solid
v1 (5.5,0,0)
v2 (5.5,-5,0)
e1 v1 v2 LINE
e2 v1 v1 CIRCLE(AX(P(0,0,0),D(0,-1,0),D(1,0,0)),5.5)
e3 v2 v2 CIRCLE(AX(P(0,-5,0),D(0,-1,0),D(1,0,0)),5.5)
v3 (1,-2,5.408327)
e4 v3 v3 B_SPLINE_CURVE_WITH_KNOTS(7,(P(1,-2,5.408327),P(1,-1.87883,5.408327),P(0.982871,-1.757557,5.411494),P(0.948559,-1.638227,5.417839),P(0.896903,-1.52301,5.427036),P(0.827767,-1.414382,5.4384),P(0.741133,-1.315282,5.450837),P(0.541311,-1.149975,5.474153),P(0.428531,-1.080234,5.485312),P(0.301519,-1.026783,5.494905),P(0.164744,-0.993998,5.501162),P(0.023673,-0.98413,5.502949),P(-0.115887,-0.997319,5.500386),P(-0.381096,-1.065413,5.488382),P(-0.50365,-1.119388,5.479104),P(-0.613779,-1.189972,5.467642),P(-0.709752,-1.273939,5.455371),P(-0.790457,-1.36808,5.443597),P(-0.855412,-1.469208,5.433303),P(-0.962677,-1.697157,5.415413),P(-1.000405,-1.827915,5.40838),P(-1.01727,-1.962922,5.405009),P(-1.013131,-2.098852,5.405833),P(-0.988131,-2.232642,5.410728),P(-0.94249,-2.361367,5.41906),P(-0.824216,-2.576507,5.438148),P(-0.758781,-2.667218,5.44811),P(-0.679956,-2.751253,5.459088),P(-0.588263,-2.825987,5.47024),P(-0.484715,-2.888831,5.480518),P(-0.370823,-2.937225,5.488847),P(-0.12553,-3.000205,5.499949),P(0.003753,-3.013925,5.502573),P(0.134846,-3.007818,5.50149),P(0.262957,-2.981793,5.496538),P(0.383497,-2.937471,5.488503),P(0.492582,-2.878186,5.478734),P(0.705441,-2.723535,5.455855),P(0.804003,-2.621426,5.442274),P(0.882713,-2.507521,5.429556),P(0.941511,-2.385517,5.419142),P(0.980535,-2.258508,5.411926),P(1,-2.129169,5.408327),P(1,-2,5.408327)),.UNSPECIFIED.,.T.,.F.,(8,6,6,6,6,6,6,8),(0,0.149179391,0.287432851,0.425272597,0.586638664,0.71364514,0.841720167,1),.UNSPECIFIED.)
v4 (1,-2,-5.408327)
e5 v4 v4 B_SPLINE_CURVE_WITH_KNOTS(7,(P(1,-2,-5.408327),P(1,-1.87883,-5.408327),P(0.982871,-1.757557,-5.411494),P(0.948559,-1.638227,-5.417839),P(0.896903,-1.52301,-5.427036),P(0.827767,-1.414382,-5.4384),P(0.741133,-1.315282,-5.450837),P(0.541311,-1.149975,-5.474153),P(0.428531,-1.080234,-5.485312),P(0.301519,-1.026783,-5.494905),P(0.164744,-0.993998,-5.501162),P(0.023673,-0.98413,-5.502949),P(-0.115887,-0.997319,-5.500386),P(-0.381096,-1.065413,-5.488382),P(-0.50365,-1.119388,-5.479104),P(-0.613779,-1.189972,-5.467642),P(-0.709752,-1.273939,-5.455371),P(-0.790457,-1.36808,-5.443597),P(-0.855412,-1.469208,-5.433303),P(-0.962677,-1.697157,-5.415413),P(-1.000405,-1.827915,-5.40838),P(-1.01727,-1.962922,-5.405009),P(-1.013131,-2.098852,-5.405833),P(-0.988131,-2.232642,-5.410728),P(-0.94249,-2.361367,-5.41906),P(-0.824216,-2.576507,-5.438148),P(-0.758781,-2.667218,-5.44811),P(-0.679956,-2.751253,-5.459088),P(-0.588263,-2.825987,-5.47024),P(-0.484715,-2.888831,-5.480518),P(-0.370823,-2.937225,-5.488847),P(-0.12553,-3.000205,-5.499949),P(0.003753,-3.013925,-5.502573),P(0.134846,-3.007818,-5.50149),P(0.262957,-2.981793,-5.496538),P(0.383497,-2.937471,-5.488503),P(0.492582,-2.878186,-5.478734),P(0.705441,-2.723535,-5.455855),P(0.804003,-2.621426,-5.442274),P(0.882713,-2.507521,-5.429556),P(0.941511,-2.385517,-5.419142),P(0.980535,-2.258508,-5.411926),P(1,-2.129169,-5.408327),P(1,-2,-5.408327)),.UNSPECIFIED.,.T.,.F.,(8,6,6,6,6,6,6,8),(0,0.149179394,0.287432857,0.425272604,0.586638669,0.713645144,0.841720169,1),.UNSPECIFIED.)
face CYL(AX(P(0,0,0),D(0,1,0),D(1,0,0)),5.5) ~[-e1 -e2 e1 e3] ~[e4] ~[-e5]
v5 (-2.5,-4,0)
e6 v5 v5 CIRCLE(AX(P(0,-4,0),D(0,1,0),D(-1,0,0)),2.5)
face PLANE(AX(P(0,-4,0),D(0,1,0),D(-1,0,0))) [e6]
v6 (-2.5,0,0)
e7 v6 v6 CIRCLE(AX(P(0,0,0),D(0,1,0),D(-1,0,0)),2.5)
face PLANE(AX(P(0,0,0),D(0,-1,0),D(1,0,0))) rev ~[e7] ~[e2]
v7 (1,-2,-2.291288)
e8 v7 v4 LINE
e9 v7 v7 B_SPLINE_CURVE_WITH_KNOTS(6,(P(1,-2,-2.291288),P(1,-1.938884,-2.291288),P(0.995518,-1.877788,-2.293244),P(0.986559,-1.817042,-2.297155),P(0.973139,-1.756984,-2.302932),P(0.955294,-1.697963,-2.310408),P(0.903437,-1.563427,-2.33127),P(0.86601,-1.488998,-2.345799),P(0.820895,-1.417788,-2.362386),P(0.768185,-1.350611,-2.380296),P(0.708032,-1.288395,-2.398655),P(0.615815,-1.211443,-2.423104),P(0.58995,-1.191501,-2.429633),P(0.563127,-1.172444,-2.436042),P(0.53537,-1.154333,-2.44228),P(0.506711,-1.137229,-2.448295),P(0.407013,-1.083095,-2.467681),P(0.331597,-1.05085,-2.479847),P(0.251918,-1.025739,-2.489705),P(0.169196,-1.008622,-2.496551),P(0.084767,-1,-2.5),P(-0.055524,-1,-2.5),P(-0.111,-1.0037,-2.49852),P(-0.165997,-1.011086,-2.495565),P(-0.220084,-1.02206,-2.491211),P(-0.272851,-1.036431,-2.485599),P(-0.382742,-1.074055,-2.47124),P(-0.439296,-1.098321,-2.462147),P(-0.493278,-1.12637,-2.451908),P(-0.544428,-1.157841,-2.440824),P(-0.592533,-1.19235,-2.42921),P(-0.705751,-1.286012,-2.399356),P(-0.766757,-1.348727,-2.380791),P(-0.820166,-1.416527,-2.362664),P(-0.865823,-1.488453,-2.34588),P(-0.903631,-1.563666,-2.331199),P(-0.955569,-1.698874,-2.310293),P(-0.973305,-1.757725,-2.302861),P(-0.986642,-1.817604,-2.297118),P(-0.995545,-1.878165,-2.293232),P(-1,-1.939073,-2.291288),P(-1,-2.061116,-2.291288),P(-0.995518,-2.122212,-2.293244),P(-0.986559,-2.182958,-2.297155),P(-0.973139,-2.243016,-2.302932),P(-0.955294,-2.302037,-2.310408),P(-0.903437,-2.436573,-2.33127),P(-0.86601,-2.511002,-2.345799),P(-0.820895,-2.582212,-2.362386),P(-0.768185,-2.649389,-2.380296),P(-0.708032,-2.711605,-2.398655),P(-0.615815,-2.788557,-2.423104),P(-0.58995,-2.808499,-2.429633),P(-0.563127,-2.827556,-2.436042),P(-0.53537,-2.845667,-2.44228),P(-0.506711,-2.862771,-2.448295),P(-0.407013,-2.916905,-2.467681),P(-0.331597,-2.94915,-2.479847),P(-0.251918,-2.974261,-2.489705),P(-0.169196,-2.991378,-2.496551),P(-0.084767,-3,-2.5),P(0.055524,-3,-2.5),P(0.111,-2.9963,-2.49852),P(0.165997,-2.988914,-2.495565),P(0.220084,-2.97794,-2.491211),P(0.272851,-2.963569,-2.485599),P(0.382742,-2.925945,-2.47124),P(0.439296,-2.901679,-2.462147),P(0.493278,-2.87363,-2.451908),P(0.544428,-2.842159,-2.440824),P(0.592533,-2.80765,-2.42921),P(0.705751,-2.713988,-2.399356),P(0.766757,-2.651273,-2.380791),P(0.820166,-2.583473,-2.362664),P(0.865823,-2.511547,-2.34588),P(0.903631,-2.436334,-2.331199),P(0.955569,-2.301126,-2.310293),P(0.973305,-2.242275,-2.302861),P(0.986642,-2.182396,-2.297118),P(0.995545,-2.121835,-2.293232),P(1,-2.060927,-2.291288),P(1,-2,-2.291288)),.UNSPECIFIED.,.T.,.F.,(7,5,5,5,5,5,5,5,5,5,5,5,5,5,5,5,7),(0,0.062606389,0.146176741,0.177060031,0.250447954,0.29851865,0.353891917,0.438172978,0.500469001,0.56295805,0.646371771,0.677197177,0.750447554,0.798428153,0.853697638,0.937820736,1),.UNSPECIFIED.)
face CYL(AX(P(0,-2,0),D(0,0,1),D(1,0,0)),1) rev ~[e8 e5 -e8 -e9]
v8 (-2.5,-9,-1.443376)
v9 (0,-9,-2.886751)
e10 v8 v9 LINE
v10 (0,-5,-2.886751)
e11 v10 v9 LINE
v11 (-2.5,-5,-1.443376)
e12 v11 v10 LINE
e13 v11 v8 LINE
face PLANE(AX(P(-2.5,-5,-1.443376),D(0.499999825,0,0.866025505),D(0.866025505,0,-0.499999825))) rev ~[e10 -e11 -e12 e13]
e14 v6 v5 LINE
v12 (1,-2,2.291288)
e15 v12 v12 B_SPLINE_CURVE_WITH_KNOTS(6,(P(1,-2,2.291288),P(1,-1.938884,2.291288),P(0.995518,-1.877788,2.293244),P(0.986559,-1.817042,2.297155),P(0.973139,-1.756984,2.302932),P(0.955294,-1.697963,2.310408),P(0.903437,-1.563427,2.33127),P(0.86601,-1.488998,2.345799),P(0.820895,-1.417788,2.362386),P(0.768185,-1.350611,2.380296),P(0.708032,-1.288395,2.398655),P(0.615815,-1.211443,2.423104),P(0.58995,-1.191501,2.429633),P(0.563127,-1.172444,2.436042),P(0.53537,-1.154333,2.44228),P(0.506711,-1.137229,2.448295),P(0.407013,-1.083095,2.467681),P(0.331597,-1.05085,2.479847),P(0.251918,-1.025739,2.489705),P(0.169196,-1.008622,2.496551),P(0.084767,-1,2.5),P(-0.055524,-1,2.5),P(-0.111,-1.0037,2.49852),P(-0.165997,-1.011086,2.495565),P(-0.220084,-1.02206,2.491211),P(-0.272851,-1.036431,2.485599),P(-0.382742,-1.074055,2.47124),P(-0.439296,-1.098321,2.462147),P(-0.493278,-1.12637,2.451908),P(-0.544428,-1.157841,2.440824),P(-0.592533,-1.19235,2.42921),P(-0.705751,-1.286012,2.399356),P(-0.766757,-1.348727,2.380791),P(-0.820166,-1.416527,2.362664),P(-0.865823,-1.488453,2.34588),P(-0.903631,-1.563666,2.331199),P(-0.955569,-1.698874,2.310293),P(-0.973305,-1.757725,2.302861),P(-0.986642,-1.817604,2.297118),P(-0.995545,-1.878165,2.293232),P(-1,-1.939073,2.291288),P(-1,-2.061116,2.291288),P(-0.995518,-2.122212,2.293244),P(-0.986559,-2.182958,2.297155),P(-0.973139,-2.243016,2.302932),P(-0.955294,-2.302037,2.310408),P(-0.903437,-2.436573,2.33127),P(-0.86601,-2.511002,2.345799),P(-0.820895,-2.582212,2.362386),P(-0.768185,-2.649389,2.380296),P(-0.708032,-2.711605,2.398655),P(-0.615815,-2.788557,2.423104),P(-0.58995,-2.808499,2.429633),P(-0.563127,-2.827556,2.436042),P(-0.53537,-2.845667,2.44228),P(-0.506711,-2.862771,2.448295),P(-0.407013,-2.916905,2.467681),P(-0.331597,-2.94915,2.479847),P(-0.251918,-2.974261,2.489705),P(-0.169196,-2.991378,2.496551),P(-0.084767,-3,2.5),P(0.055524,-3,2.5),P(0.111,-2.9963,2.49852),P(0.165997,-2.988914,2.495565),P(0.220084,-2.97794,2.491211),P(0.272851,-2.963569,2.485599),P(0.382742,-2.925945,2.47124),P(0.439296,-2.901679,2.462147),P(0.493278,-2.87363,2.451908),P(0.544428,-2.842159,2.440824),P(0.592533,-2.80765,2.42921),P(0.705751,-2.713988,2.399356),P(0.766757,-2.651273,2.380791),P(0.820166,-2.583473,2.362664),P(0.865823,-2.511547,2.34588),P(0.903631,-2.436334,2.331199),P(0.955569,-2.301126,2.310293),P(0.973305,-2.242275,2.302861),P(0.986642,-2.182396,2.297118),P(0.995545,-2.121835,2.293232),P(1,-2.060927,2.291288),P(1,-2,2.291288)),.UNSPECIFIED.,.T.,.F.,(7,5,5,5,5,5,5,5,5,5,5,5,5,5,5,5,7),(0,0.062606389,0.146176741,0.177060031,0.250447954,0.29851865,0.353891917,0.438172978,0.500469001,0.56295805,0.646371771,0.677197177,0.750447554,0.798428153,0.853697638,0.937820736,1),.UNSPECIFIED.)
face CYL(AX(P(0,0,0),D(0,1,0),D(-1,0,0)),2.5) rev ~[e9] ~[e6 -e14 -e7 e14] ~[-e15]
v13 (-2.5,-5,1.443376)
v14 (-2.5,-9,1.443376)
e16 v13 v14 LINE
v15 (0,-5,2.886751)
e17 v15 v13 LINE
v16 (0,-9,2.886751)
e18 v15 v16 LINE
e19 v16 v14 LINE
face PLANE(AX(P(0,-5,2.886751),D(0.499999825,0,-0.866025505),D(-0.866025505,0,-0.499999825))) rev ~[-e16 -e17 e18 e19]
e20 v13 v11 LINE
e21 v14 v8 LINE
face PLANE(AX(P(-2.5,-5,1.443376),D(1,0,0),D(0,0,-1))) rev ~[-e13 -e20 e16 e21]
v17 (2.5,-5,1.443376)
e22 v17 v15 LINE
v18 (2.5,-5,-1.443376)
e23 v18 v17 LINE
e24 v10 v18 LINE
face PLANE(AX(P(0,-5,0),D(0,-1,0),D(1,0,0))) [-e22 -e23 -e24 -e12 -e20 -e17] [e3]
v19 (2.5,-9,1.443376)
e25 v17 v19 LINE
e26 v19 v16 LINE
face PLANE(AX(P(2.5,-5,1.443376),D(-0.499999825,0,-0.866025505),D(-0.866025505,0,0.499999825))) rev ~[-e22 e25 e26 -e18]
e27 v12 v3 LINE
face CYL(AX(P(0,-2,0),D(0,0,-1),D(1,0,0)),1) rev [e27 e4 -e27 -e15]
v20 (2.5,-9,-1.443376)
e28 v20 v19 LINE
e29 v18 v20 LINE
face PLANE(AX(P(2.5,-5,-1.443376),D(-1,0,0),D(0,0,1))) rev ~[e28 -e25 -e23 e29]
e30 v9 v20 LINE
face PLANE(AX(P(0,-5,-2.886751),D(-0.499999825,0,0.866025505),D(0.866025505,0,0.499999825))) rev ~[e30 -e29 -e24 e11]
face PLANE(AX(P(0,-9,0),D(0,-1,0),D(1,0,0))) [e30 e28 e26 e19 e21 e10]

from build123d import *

# Parameters (mm, degrees)
F0_R          = 5.5
F1_DEPTH      = 5
F3_DEPTH      = 4
F4_R          = 2.5
F5_DEPTH      = 4
F6_R          = 1
F7_DEPTH      = 5.501
F7_DEPTH_BACK = 5.501


with BuildPart() as f1:
    # F0 (on Front) → F1 (new body)
    with BuildSketch(Plane.XZ):
        Circle(F0_R)
    extrude(amount=F1_DEPTH)

    # F2 (on face) → F3 (join)
    with BuildSketch(Plane.XZ.offset(5)):
        Polygon((2.5, -1.443376), (2.5, 1.443376), (0, 2.886751), (-2.5, 1.443376), (-2.5, -1.443376), (0, -2.886751), align=None)
    extrude(amount=F3_DEPTH)

    # F4 (on face) → F5 (cut)
    with BuildSketch(Plane(origin=(0, 0, 0), x_dir=(-1, 0, 0), z_dir=(0, 1, 0))):
        Circle(F4_R)
    extrude(amount=-F5_DEPTH, mode=Mode.SUBTRACT)

    # F6 (on Top) → F7 (cut, two sides)
    with BuildSketch(Plane.XY) as f7_sk:
        with Locations((0, -2)):
            Circle(F6_R)
    extrude(amount=F7_DEPTH, mode=Mode.SUBTRACT)
    extrude(f7_sk.sketch, amount=-F7_DEPTH_BACK, mode=Mode.SUBTRACT)


solid = f1.part
